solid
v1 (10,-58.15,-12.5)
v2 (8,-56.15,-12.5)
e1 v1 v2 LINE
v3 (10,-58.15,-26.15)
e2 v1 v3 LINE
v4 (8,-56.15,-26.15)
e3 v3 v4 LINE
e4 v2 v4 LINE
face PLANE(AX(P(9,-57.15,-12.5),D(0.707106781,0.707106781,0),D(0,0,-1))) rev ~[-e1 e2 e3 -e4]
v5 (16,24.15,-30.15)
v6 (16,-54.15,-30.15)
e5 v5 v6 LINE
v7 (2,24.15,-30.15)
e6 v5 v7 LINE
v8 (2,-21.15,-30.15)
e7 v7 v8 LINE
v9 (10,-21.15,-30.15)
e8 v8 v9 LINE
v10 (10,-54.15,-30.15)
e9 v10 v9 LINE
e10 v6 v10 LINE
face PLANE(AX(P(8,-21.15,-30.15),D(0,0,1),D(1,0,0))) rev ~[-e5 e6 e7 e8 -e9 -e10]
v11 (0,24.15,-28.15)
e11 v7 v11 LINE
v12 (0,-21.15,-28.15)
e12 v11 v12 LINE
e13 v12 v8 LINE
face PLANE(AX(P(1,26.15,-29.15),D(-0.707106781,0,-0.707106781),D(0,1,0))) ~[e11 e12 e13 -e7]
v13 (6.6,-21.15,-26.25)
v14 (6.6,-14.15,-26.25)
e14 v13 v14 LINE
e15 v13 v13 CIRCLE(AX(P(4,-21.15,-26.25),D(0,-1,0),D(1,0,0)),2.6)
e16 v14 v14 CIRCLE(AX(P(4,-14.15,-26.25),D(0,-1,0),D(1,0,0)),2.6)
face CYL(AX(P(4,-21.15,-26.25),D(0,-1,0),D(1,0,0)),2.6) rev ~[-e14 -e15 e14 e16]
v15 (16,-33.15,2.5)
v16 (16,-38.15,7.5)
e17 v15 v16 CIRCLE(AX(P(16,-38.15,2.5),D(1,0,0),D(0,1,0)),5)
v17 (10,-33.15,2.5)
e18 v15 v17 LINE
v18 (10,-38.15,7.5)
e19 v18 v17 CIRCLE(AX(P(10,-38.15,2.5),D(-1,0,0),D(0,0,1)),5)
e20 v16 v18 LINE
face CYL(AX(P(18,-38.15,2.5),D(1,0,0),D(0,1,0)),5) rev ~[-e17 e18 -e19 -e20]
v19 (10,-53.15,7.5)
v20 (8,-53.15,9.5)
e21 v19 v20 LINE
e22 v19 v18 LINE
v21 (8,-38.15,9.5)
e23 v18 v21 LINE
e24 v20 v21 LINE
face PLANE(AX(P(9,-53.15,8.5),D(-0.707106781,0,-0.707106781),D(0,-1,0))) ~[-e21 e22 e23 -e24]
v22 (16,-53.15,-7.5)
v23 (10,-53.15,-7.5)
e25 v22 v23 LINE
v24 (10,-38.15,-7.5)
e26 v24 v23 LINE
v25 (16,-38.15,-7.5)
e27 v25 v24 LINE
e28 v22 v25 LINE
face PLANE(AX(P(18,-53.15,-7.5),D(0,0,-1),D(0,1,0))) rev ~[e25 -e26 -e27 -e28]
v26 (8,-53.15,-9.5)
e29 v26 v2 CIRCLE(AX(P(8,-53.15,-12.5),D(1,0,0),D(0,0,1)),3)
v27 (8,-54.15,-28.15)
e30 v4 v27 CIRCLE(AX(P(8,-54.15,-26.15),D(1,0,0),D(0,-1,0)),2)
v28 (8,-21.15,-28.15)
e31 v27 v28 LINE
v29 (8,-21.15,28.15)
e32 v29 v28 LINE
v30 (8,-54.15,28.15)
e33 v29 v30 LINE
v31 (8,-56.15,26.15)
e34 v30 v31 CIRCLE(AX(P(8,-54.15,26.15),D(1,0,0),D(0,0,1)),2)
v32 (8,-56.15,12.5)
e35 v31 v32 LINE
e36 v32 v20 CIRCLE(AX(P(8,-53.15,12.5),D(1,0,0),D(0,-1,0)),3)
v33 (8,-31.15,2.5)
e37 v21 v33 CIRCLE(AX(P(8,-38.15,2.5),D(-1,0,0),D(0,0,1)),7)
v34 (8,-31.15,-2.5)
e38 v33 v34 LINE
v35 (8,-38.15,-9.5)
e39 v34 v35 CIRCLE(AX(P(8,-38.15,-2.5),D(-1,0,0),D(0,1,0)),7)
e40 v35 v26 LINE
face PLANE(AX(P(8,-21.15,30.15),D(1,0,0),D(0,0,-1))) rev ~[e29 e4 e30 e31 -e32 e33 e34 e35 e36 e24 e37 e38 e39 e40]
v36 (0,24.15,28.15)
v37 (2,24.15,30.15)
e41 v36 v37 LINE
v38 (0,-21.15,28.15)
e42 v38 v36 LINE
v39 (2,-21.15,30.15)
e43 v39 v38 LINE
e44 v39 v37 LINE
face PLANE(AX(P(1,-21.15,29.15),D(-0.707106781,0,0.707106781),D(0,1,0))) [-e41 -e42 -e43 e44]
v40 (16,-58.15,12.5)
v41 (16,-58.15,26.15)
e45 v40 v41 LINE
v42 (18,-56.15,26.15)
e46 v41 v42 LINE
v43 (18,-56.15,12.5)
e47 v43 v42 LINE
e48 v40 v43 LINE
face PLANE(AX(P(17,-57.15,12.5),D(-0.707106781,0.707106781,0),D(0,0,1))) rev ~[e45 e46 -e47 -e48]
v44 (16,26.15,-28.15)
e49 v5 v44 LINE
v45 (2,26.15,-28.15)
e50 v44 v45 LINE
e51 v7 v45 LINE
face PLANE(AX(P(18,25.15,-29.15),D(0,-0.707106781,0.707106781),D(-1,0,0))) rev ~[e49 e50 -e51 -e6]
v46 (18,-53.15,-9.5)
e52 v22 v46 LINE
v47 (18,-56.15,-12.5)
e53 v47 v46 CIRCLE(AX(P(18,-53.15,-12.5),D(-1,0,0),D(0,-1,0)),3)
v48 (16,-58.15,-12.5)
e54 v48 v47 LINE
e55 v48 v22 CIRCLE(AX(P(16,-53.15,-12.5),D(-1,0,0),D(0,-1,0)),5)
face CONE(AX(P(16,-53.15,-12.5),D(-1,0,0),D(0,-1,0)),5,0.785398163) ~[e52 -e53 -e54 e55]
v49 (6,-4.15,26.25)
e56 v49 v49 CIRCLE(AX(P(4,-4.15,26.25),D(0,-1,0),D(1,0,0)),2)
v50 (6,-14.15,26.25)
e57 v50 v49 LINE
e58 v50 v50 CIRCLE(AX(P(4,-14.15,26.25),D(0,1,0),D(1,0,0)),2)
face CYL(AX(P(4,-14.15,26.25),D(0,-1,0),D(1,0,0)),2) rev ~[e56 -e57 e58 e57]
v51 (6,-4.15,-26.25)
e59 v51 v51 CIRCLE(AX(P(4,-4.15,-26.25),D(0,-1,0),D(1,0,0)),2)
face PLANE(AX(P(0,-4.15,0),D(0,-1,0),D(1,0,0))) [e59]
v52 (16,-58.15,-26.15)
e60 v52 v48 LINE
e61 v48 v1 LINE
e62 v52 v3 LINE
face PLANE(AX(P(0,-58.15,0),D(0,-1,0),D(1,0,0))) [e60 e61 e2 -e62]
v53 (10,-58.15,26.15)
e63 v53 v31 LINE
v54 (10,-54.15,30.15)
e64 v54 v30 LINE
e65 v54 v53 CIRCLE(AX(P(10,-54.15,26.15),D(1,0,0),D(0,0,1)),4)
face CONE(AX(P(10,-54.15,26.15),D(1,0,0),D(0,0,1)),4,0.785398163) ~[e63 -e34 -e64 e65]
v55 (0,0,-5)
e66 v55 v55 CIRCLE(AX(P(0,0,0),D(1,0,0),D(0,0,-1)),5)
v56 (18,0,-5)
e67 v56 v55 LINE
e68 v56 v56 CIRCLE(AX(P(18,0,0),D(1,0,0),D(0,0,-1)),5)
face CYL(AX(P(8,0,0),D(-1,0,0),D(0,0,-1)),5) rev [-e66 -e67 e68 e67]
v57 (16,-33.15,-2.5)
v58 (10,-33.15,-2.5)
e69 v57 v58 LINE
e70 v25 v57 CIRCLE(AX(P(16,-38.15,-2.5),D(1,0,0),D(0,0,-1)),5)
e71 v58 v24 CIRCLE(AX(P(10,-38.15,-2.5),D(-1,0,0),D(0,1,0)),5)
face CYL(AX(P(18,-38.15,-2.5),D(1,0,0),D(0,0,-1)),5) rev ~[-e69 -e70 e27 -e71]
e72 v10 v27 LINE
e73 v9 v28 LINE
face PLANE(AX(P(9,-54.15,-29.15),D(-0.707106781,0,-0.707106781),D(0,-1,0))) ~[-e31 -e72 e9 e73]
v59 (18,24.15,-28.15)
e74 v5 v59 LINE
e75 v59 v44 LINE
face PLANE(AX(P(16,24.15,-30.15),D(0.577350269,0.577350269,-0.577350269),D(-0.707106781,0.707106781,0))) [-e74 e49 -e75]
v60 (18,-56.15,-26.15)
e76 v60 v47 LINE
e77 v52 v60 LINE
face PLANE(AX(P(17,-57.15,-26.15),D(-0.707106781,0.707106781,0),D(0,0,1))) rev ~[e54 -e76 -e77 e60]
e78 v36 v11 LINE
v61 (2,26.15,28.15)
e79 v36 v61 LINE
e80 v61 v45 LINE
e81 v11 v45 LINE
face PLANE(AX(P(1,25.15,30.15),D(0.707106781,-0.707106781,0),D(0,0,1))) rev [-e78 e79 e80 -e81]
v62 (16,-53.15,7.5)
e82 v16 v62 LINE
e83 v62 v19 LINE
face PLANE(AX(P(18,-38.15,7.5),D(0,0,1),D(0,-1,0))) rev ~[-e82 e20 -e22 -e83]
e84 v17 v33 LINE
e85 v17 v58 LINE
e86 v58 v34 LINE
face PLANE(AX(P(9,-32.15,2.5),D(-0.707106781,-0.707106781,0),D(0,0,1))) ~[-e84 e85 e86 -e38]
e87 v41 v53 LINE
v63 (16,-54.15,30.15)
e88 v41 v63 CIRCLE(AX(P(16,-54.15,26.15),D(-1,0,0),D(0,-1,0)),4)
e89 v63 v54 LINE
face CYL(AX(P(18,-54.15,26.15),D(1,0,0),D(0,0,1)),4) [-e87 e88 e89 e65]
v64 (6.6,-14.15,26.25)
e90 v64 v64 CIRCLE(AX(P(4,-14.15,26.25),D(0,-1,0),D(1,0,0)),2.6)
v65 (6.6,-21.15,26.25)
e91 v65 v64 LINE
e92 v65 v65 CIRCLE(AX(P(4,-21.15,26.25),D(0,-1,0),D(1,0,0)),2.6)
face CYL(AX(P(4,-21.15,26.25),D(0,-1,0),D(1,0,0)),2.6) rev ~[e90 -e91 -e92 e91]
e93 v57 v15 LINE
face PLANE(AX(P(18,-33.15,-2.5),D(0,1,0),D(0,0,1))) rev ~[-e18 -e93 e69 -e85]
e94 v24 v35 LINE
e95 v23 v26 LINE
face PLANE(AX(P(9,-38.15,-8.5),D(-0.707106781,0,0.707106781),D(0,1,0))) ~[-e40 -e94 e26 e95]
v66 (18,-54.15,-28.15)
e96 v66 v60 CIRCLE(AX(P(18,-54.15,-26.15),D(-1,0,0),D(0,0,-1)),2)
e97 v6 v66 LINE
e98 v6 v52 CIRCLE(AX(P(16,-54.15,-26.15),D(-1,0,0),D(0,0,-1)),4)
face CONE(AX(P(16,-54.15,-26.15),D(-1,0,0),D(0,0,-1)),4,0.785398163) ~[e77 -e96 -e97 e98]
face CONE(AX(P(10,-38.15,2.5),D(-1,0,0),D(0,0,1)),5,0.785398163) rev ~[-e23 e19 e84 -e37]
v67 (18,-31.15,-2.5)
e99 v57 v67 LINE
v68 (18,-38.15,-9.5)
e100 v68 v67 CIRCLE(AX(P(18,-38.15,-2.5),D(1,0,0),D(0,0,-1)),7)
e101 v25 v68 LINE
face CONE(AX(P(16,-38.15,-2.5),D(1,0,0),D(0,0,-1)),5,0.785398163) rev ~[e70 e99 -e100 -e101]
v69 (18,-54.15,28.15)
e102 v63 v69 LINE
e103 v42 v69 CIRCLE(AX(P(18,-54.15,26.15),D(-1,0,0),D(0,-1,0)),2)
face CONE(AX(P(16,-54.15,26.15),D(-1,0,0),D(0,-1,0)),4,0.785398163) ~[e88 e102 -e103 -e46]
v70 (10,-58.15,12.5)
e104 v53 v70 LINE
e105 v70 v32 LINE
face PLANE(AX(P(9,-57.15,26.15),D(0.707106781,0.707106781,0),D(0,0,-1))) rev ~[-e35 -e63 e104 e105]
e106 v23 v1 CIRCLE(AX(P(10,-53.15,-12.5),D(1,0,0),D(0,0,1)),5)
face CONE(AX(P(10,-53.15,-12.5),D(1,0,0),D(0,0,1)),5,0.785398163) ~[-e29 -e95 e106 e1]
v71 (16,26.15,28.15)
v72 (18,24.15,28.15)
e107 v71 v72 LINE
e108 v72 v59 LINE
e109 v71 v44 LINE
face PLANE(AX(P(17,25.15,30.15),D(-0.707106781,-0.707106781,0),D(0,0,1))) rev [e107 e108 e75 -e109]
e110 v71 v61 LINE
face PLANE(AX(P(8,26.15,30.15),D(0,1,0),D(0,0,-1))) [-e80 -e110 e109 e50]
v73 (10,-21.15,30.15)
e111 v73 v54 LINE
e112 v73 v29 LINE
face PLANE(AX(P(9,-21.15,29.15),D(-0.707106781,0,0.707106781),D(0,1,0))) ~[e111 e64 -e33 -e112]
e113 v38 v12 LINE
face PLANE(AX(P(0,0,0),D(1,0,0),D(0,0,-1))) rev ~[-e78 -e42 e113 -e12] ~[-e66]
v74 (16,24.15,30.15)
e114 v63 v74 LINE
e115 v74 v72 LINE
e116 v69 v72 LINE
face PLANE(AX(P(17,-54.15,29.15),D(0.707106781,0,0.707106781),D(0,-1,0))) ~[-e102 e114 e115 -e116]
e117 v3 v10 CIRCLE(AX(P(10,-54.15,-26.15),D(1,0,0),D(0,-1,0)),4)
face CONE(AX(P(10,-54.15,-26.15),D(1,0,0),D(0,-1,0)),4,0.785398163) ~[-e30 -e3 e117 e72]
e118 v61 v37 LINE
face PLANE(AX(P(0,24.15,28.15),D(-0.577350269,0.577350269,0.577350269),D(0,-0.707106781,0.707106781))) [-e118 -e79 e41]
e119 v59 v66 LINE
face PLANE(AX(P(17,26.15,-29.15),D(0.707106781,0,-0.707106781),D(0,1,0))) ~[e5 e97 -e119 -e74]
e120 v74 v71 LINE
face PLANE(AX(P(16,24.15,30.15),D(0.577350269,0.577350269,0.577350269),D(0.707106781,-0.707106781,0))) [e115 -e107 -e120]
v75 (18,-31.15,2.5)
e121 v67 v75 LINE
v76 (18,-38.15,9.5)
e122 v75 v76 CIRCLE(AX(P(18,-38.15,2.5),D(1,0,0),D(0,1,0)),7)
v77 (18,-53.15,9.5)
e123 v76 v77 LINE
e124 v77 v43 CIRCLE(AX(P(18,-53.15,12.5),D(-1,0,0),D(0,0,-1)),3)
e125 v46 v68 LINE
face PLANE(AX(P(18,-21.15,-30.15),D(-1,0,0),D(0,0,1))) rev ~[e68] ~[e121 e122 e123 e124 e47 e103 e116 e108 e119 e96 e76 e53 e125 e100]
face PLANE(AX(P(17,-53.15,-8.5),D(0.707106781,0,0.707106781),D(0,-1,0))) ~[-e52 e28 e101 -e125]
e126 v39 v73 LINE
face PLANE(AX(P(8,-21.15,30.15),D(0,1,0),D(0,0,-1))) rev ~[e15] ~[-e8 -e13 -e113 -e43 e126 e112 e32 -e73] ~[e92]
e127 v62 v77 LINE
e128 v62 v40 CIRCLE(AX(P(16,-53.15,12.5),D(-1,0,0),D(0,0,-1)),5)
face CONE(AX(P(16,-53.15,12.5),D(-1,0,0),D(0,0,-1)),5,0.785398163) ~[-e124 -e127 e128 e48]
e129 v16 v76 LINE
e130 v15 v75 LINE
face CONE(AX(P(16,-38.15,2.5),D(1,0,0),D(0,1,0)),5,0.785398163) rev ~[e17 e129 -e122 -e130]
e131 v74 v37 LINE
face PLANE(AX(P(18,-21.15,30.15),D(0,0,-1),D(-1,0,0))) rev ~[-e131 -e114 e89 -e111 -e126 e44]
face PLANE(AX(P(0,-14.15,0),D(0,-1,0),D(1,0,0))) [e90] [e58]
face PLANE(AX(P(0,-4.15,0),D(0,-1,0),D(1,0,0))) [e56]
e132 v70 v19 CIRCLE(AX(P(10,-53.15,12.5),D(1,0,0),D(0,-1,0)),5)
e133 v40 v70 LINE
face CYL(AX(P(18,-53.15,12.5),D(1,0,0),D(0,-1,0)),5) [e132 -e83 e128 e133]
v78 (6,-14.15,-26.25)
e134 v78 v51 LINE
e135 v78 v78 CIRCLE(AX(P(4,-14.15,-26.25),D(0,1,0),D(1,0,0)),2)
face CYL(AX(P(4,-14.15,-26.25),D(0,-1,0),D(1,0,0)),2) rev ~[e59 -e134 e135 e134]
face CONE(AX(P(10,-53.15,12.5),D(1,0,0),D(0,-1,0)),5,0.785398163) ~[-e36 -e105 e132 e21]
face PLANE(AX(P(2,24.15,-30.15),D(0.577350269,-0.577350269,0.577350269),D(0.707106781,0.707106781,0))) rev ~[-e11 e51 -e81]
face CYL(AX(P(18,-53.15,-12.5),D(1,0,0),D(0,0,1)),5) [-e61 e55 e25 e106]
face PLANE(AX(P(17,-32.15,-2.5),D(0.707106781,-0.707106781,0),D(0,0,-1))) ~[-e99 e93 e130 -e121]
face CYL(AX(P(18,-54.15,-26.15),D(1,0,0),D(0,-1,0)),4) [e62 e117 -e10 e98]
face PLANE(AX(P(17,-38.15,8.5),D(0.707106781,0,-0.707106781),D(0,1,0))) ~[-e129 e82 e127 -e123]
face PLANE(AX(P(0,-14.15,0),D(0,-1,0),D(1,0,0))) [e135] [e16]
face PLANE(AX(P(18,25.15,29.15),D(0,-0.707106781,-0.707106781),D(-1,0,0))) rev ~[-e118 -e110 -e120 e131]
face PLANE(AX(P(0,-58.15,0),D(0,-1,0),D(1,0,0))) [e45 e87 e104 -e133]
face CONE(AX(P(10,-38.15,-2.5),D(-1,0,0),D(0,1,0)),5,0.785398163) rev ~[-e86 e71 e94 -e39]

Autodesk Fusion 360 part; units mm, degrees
sketch "Sketch1" plane through (0, 0, 0) normal (1, 0, 0) x (0, 0, -1)
  circle A0 centre (0, 0) radius 5
  line L0 (-30.15, -21.15) -> (30.15, -21.15)
  line L1 (30.15, -21.15) -> (30.15, 21.15)
  line L2 (-30.15, -21.15) -> (-30.15, 26.15)
  line L3 (-30.15, 26.15) -> (30.15, 26.15)
  line L4 (30.15, 26.15) -> (30.15, 21.15)
  dimension "d11" = 10
  dimension "d127" = 60.3
  dimension "d142" = 21.15
  dimension "d143" = 30.15
extrude "Extrude1" add sketch "Sketch1" along normal blind 8
sketch "Sketch16" plane through (0, -21.15, 0) normal (0, -1, 0) x (1, 0, 0)
  line L0 (0, 30.15) -> (0, -30.15)
  line L1 (0, -30.15) -> (8, -30.15)
  line L2 (8, -30.15) -> (8, 30.15)
  line L3 (8, 30.15) -> (0, 30.15)
  line L4 (4, 26.25) -> (4, -26.25) construction
  circle A0 centre (4, 26.25) radius 2.6
  circle A1 centre (4, -26.25) radius 2.6
  dimension "d144" = 4
  dimension "d145" = 52.5
  dimension "d146" = 5.2
  dimension "d147" = 5.2
  dimension "d148" = 26.25
extrude "Extrude17" cut sketch "Sketch16" against normal blind 7 contours A0 | A1
sketch "Sketch17" plane through (0, -14.15, 0) normal (0, -1, 0) x (1, 0, 0)
  circle A0 centre (4, 26.25) radius 2.6
  line L0 (4, 26.25) -> (4, -26.25)
  circle A1 centre (4, 26.25) radius 2
  circle A2 centre (4, -26.25) radius 2
  dimension "d151" = 52.5
  dimension "d152" = 4
  dimension "d153" = 4
extrude "Extrude18" cut sketch "Sketch17" against normal blind 10 contours A1 | A2
extrude "Extrude19" add 1 faces at (8, 1.9151, -21.7481) along direction (1, 0, 0) blind 10
sketch "Sketch18" plane through (0, -21.15, 0) normal (0, -1, 0) x (1, 0, 0)
  circle A0 centre (4, 26.25) radius 2.6
  circle A1 centre (4, -26.25) radius 2.6
  line L0 (0, 30.15) -> (0, -30.15)
  line L1 (0, -30.15) -> (18, -30.15)
  line L2 (18, -30.15) -> (18, 30.15)
  line L3 (18, 30.15) -> (0, 30.15)
  line L4 (18, 30.15) -> (8, 30.15)
  line L5 (8, 30.15) -> (8, -30.15)
  line L6 (8, -30.15) -> (18, -30.15)
  line L7 (18, -30.15) -> (18, 30.15)
  dimension "d159" = 10
extrude "Extrude20" add sketch "Sketch18" along normal blind 37 contours L1 L2 L3 L4 L5 L6 L7
sketch "Sketch19" plane through (18, 0, 0) normal (1, 0, 0) x (0, 0, -1)
  circle A0 centre (0, 0) radius 5
  line L0 (30.15, -58.15) -> (30.15, 26.15)
  line L1 (30.15, 26.15) -> (-30.15, 26.15)
  line L2 (-30.15, 26.15) -> (-30.15, -58.15)
  line L3 (-7.5, -58.15) -> (7.5, -58.15)
  line L4 (7.5, -53.15) -> (7.5, -38.15)
  line L5 (2.5, -33.15) -> (-2.5, -33.15)
  line L6 (-7.5, -38.15) -> (-7.5, -53.15)
  line L7 (12.5, -58.15) -> (26.15, -58.15)
  line L8 (30.15, -54.15) -> (30.15, 26.15)
  line L9 (30.15, 26.15) -> (-30.15, 26.15)
  line L10 (-30.15, 26.15) -> (-30.15, -54.15)
  arc A1 (-2.5, -33.15) -> (-7.5, -38.15) centre (-2.5, -38.15) ccw
  arc A2 (7.5, -38.15) -> (2.5, -33.15) centre (2.5, -38.15) ccw
  arc A3 (7.5, -53.15) -> (12.5, -58.15) centre (12.5, -53.15) ccw
  line L11 (-26.15, -58.15) -> (-12.5, -58.15)
  arc A4 (-12.5, -58.15) -> (-7.5, -53.15) centre (-12.5, -53.15) ccw
  line L12 (30.15, -58.15) -> (-30.15, -58.15)
  arc A5 (-30.15, -54.15) -> (-26.15, -58.15) centre (-26.15, -54.15) ccw
  arc A6 (26.15, -58.15) -> (30.15, -54.15) centre (26.15, -54.15) ccw
  dimension "d162" = 15
  dimension "d163" = 25
  dimension "d164" = 7.5
  dimension "d165" = 5
  dimension "d166" = 5
  dimension "d167" = 4
  dimension "d168" = 4
extrude "Extrude21" cut sketch "Sketch19" against normal up to surface (10 mm away) contours L0 L12 A6 | L3 L4 L5 L6 A1 A2 A3 A4 L12 | L2 L12 A5
chamfer "Chamfer1" distance 2 angle 45 32 edges at (18, 26.15, 0) (9, 26.15, 30.15) (0, 26.15, 0) (0, 2.5, 30.15) (18, -14, 30.15) (18, -56.9784, 28.9784) (18, -58.15, 19.325) (18, -56.6855, 8.9645) (18, -45.65, 7.5) (18, -34.6145, 6.0355) (18, -33.15, 0) (18, -34.6145, -6.0355) (18, -45.65, -7.5) (18, -56.6855, -8.9645) (18, -58.15, -19.325) (18, -56.9784, -28.9784) (18, -14, -30.15) (8, -37.65, 30.15) (8, -56.9784, 28.9784) (8, -58.15, 19.325) (8, -56.6855, 8.9645) (8, -45.65, 7.5) (8, -34.6145, 6.0355) (8, -33.15, 0) (8, -34.6145, -6.0355) (8, -45.65, -7.5) (8, -56.6855, -8.9645) (8, -58.15, -19.325) (8, -56.9784, -28.9784) (8, -37.65, -30.15) (0, 2.5, -30.15) (9, 26.15, -30.15)
equation "d143 = ( 60.3 / 2 ) * 1 mm"
equation "d148 = ( 52.5 / 2 ) * 1 mm"
